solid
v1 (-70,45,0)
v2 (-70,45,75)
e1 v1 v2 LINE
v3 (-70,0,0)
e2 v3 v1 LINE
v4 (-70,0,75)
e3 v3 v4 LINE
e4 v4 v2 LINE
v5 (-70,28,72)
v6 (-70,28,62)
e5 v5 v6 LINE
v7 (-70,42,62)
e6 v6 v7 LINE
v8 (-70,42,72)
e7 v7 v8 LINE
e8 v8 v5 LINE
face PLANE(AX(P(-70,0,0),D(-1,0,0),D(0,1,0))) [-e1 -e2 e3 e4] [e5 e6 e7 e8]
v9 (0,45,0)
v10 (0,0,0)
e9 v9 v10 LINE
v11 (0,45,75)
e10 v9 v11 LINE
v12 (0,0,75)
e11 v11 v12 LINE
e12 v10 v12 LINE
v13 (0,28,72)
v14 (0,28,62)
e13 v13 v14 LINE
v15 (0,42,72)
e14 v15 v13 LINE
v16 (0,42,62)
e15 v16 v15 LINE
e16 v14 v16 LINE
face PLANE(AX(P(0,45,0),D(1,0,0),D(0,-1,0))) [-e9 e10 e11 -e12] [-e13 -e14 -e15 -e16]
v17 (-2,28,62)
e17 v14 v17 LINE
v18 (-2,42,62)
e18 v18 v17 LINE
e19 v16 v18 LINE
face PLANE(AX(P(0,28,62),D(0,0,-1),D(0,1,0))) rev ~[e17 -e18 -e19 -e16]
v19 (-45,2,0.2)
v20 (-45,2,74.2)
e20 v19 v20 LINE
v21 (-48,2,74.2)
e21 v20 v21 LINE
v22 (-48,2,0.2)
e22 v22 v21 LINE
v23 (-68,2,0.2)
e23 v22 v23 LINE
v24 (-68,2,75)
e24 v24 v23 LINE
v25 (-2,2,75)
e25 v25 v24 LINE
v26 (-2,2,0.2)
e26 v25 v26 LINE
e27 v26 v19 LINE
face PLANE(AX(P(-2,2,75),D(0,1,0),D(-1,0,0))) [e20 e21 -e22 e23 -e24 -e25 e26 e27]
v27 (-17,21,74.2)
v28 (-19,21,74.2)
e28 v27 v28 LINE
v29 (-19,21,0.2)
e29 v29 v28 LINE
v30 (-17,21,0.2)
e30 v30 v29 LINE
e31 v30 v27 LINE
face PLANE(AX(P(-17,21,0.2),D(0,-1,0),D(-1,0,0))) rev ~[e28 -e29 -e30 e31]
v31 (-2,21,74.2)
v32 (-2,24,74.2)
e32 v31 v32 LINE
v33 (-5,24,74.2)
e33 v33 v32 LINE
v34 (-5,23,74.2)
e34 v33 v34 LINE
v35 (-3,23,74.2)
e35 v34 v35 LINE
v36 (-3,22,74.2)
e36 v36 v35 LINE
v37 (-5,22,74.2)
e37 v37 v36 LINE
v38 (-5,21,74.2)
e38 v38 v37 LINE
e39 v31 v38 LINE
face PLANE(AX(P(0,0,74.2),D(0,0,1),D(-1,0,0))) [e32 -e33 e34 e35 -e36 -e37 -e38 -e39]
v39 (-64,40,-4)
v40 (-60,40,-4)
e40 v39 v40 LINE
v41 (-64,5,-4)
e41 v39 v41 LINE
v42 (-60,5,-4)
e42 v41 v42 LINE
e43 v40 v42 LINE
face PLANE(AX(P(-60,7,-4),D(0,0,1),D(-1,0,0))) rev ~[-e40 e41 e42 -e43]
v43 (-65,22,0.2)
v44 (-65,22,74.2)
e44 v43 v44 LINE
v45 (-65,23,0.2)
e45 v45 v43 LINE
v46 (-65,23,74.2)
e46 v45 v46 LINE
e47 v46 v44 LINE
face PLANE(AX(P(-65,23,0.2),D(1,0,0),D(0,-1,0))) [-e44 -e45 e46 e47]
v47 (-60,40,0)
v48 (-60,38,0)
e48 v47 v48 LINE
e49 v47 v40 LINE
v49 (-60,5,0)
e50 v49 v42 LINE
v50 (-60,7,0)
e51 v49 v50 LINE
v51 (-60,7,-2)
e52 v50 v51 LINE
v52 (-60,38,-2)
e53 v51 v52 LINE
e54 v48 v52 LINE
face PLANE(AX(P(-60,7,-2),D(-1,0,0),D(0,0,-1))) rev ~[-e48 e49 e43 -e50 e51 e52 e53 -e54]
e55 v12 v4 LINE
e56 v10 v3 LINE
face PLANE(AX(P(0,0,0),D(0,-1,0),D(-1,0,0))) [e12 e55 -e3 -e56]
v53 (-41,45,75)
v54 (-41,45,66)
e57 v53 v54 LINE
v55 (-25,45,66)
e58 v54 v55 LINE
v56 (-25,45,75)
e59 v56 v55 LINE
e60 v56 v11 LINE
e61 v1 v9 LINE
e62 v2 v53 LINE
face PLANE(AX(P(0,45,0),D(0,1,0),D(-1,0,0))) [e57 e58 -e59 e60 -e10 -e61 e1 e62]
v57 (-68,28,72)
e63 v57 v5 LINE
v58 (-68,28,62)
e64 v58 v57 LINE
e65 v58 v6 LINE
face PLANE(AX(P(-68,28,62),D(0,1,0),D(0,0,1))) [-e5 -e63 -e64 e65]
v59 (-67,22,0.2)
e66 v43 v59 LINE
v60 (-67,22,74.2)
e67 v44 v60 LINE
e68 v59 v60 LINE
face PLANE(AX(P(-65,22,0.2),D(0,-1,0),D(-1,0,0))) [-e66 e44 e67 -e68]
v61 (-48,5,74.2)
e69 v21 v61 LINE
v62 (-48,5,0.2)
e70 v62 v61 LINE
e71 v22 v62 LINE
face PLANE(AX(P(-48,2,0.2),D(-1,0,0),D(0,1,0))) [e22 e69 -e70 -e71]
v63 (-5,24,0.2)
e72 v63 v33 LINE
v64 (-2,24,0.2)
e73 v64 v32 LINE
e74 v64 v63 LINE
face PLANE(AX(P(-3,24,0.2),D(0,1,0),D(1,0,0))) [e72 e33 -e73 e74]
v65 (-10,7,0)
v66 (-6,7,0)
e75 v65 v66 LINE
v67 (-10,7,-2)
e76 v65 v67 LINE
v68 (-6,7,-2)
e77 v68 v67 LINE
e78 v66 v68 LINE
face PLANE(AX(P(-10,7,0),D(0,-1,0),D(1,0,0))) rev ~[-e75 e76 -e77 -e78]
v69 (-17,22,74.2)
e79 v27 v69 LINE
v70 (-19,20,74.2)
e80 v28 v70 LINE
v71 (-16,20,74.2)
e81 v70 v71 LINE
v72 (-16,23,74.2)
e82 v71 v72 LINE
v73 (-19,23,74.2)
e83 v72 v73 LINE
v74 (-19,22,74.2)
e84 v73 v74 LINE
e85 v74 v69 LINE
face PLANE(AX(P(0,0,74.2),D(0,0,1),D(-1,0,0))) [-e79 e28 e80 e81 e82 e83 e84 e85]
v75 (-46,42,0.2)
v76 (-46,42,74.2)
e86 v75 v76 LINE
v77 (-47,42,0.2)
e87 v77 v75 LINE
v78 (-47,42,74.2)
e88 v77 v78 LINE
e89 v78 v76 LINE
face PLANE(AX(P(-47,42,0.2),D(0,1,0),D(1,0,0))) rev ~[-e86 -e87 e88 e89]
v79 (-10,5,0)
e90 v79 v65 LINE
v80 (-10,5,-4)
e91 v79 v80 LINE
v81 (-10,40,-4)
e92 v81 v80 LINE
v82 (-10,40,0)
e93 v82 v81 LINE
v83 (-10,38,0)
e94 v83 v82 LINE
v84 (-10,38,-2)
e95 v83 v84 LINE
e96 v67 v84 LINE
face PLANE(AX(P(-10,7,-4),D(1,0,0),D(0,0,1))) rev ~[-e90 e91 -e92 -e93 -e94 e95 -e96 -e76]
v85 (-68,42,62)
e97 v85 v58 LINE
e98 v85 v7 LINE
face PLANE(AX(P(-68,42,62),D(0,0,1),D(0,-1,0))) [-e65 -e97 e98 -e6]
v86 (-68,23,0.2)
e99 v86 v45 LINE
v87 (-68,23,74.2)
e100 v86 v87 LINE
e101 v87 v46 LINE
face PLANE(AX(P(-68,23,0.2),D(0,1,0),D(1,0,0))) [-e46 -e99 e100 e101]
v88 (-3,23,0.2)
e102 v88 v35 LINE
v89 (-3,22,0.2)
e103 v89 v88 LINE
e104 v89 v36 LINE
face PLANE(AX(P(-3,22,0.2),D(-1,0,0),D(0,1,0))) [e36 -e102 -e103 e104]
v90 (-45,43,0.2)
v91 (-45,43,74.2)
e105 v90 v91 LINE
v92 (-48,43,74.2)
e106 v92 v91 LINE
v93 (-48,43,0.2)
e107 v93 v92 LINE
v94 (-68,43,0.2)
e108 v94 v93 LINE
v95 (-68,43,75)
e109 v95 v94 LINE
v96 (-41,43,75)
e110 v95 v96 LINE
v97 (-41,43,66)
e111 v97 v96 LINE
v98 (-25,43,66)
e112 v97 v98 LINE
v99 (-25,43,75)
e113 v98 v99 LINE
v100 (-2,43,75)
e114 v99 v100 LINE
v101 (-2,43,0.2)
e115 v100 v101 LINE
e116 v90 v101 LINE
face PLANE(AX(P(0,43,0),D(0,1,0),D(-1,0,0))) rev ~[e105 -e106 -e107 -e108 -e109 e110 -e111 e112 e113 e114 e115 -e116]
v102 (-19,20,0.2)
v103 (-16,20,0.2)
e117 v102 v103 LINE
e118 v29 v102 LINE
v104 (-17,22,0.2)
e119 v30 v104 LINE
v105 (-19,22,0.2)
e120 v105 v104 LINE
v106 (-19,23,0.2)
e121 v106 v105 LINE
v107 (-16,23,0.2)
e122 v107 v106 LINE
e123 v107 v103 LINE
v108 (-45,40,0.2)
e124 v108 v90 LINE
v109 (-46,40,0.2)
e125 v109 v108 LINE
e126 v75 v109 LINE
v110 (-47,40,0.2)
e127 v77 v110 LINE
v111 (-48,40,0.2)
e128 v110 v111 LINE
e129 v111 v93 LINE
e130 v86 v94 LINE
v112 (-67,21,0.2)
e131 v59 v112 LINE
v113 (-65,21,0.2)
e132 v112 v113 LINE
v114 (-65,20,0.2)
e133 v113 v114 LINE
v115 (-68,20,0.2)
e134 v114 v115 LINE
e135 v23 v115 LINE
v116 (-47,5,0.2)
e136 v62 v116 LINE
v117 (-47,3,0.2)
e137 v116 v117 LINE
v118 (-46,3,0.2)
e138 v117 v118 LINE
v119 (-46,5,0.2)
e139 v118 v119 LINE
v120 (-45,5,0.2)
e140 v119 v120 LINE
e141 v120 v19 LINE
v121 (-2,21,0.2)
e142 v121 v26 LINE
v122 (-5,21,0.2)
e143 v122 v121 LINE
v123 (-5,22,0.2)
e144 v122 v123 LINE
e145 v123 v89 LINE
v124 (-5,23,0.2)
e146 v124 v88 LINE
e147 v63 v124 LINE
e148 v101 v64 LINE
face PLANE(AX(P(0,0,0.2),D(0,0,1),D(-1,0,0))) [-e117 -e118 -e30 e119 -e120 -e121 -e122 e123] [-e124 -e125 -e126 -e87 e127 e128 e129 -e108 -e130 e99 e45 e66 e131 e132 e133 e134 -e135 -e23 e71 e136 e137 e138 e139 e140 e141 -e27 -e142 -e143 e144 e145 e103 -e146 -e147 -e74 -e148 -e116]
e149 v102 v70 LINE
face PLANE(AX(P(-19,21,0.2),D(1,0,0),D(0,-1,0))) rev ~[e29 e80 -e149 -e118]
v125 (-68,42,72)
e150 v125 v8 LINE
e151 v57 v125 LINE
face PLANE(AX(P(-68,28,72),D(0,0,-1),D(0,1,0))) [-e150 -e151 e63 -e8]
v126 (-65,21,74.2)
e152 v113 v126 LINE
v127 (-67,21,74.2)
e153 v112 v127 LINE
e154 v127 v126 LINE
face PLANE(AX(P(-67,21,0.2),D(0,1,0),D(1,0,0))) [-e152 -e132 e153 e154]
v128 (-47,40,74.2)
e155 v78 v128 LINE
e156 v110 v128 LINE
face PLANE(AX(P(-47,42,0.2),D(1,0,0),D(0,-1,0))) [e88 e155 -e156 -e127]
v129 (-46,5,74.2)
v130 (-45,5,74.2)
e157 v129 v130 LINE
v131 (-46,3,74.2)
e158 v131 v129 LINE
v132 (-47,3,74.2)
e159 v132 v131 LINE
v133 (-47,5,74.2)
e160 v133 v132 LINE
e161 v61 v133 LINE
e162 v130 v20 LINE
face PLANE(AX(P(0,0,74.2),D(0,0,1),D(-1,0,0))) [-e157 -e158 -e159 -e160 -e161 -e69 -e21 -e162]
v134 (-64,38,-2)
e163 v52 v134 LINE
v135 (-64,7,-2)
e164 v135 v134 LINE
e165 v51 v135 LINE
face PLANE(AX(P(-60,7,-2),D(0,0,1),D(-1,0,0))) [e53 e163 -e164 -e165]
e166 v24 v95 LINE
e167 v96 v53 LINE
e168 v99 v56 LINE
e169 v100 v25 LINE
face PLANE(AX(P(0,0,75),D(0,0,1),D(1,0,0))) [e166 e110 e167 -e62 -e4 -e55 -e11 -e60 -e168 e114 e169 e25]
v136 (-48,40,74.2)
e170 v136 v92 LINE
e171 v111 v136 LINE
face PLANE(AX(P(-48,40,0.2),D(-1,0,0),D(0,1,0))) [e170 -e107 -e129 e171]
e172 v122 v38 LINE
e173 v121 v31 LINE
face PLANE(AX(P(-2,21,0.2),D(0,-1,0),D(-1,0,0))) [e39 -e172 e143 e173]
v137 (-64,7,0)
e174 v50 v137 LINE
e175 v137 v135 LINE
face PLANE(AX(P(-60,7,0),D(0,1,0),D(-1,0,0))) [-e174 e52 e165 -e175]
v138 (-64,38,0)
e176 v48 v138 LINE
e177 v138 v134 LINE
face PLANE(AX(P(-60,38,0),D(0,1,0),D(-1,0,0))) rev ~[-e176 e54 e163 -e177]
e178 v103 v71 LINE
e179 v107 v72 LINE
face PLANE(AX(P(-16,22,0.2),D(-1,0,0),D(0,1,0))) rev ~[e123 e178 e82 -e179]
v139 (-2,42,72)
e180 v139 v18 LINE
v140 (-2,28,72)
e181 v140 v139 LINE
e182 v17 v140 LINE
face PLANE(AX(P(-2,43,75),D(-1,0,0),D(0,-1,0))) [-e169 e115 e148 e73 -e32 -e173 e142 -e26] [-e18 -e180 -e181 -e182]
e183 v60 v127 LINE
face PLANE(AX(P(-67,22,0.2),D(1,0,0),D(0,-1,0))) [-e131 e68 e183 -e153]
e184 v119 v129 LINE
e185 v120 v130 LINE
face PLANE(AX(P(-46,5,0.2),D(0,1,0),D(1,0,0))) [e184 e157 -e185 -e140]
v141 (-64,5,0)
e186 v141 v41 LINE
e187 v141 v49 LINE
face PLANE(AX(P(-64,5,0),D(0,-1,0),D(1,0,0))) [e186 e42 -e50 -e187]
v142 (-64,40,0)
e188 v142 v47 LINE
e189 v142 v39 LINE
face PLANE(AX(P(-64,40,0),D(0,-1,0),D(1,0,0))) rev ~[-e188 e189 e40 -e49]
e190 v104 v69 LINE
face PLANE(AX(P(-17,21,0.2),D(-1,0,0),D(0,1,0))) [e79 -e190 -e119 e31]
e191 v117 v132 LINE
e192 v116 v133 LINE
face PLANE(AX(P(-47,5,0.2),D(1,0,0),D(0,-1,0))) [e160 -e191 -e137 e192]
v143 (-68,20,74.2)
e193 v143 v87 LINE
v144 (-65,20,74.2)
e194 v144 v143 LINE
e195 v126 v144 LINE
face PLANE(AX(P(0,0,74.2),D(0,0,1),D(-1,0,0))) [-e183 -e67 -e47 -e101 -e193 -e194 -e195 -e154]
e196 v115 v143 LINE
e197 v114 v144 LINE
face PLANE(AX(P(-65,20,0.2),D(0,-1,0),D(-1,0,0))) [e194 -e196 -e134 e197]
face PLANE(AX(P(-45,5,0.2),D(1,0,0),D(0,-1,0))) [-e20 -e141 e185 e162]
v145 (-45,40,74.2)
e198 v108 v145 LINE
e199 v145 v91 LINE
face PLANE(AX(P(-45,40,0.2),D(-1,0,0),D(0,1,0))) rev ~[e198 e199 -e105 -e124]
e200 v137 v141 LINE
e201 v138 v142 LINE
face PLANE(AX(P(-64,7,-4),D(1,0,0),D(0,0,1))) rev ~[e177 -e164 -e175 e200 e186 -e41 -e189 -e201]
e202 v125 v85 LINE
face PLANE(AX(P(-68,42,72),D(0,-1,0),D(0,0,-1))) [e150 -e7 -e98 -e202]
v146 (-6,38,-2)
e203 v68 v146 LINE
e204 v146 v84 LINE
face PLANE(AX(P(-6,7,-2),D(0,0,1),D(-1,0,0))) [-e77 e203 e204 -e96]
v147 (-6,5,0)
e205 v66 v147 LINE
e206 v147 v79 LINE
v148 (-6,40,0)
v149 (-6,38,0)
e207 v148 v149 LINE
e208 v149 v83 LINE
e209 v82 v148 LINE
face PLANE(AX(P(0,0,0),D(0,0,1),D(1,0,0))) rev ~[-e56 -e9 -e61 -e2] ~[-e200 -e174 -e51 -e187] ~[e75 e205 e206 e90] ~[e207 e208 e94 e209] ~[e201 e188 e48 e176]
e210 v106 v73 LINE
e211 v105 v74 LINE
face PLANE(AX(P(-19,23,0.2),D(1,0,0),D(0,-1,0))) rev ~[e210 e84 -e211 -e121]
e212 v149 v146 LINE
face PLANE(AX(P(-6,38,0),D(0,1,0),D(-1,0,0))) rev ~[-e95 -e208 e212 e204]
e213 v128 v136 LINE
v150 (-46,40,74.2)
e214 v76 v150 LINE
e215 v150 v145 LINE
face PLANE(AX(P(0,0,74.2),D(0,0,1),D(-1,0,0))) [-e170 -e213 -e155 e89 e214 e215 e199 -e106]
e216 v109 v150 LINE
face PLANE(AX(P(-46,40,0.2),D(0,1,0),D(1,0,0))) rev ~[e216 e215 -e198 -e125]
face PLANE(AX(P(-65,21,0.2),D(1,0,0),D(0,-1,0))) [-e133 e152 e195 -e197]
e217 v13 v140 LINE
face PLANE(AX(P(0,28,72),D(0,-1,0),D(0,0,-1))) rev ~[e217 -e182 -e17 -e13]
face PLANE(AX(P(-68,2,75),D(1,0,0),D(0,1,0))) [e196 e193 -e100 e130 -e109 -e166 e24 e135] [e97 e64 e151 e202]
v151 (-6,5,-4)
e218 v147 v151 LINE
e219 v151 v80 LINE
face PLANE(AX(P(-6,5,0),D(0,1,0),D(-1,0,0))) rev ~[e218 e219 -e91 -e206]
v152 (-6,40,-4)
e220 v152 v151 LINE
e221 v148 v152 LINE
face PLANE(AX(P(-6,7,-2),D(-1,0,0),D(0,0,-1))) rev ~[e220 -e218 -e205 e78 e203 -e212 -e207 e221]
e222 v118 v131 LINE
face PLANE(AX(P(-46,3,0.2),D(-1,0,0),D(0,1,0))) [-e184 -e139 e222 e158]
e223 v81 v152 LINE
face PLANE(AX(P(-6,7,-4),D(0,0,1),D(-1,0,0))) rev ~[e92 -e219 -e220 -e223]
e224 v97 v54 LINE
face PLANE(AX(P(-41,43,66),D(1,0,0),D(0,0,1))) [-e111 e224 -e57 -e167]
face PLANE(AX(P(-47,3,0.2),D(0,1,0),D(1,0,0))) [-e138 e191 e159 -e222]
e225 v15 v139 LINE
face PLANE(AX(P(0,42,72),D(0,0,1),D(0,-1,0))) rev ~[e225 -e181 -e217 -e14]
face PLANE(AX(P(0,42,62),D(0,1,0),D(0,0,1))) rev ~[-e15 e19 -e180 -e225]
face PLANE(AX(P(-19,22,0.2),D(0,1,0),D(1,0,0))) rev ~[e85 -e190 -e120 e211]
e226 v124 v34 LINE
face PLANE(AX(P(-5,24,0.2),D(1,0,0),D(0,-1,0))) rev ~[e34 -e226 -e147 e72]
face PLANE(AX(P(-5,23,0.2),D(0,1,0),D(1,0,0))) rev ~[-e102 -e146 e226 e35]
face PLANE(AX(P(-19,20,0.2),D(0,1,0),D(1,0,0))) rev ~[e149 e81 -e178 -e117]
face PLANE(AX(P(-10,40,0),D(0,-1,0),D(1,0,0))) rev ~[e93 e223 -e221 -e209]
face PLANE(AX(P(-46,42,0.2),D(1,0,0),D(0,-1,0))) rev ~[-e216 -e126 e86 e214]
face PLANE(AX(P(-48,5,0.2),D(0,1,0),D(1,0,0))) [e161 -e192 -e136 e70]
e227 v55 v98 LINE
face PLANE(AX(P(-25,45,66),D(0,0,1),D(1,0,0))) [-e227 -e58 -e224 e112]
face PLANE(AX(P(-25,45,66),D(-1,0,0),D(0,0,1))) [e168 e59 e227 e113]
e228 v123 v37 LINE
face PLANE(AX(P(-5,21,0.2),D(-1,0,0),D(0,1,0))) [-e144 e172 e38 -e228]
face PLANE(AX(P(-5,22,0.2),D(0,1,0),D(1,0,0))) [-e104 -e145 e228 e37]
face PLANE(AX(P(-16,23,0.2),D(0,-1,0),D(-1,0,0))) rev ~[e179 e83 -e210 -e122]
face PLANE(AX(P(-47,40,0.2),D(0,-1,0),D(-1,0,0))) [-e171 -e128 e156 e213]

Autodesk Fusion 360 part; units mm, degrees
sketch "Sketch1" plane through (0, 0, 0) normal (0, 0, 1) x (1, 0, 0)
  line L0 (0, 0) -> (-70, 0)
  line L1 (-70, 0) -> (-70, 45)
  line L2 (-70, 45) -> (0, 45)
  line L3 (0, 45) -> (0, 0)
extrude "Extrude1" add sketch "Sketch1" along normal blind 75
sketch "Sketch2" plane through (0, 0, 75) normal (0, 0, 1) x (-1, 0, 0)
  line L0 (0, -45) -> (70, -45)
  line L1 (70, -45) -> (70, 0)
  line L2 (70, 0) -> (0, 0)
  line L3 (0, 0) -> (0, -45)
  line L4 (68, -43) -> (2, -43)
  line L5 (2, -43) -> (2, -2)
  line L6 (2, -2) -> (68, -2)
  line L7 (68, -2) -> (68, -43)
extrude "Extrude2" cut sketch "Sketch2" against normal blind 74.8 contours L4 L5 L6 L7
sketch "Sketch3" plane through (0, 0, 0.2) normal (0, 0, 1) x (-1, 0, 0)
  line L0 (68, -2) -> (2, -2)
  line L1 (2, -2) -> (2, -43)
  line L2 (2, -43) -> (68, -43)
  line L3 (68, -43) -> (68, -2)
  line L4 (68, -21) -> (65, -21)
  line L5 (65, -21) -> (65, -20)
  line L6 (65, -20) -> (68, -20)
  line L7 (68, -20) -> (68, -21)
  line L8 (67, -21) -> (68, -21)
  line L9 (68, -21) -> (68, -22)
  line L10 (68, -22) -> (67, -22)
  line L11 (67, -22) -> (67, -21)
  line L12 (68, -23) -> (65, -23)
  line L13 (65, -23) -> (65, -22)
  line L14 (65, -22) -> (68, -22)
  line L15 (68, -22) -> (68, -23)
  line L16 (19, -22) -> (16, -22)
  line L17 (16, -22) -> (16, -23)
  line L18 (16, -23) -> (19, -23)
  line L19 (19, -23) -> (19, -22)
  line L20 (17, -22) -> (16, -22)
  line L21 (16, -22) -> (16, -21)
  line L22 (16, -21) -> (17, -21)
  line L23 (17, -21) -> (17, -22)
  line L24 (16, -21) -> (19, -21)
  line L25 (19, -21) -> (19, -20)
  line L26 (19, -20) -> (16, -20)
  line L27 (16, -20) -> (16, -21)
extrude "Extrude3" add sketch "Sketch3" along normal blind 74 contours L3 L4 L5 L6 L7 L8 | L3 L4 L8 L9 L10 L11 L14 | L3 L10 L12 L13 L14 L15 | L16 L17 L18 L19 L20 | L16 L20 L21 L22 L23 L24 | L22 L24 L25 L26 L27
sketch "Sketch4" plane through (-68, 0, 0) normal (1, 0, 0) x (0, 1, 0)
  line L0 (23, 74.2) -> (23, 0.2)
  line L1 (23, 0.2) -> (43, 0.2)
  line L2 (43, 0.2) -> (43, 75)
  line L3 (43, 75) -> (2, 75)
  line L4 (2, 75) -> (2, 0.2)
  line L5 (2, 0.2) -> (20, 0.2)
  line L6 (20, 0.2) -> (20, 74.2)
  line L7 (20, 74.2) -> (23, 74.2)
  line L8 (28, 72) -> (42, 72)
  line L9 (42, 72) -> (42, 62)
  line L10 (42, 62) -> (28, 62)
  line L11 (28, 62) -> (28, 72)
extrude "Extrude4" cut sketch "Sketch4" against normal blind 8 contours L8 L9 L10 L11
sketch "Sketch5" plane through (0, 0, 0) normal (1, 0, 0) x (0, 1, 0)
  line L0 (0, 0) -> (45, 0)
  line L1 (45, 0) -> (45, 75)
  line L2 (45, 75) -> (0, 75)
  line L3 (0, 75) -> (0, 0)
  line L4 (42, 72) -> (28, 72)
  line L5 (28, 72) -> (28, 62)
  line L6 (28, 62) -> (42, 62)
  line L7 (42, 62) -> (42, 72)
extrude "Extrude5" cut sketch "Sketch5" against normal blind 9 contours L4 L5 L6 L7
sketch "Sketch6" plane through (0, 43, 0) normal (0, -1, 0) x (1, 0, 0)
  line L0 (-2, 75) -> (-68, 75)
  line L1 (-68, 75) -> (-68, 0.2)
  line L2 (-68, 0.2) -> (-2, 0.2)
  line L3 (-2, 0.2) -> (-2, 75)
  line L4 (-41, 75) -> (-25, 75)
  line L5 (-25, 75) -> (-25, 66)
  line L6 (-25, 66) -> (-41, 66)
  line L7 (-41, 66) -> (-41, 75)
extrude "Extrude6" cut sketch "Sketch6" against normal blind 8 contours L0 L4 L5 L6 L7
sketch "Sketch7" plane through (0, 0, 0) normal (0, 0, -1) x (1, 0, 0)
  line L0 (-70, -45) -> (0, -45)
  line L1 (0, -45) -> (0, 0)
  line L2 (0, 0) -> (-70, 0)
  line L3 (-70, 0) -> (-70, -45)
  line L4 (-64, -5) -> (-60, -5)
  line L5 (-60, -5) -> (-60, -7)
  line L6 (-60, -7) -> (-64, -7)
  line L7 (-64, -7) -> (-64, -5)
  line L8 (-64, -40) -> (-60, -40)
  line L9 (-60, -40) -> (-60, -38)
  line L10 (-60, -38) -> (-64, -38)
  line L11 (-64, -38) -> (-64, -40)
  line L12 (-6, -5) -> (-10, -5)
  line L13 (-10, -5) -> (-10, -7)
  line L14 (-10, -7) -> (-6, -7)
  line L15 (-6, -7) -> (-6, -5)
  line L16 (-6, -38) -> (-10, -38)
  line L17 (-10, -38) -> (-10, -40)
  line L18 (-10, -40) -> (-6, -40)
  line L19 (-6, -40) -> (-6, -38)
extrude "Extrude7" add sketch "Sketch7" along normal blind 4 contours L4 L5 L6 L7 | L8 L9 L10 L11 | L12 L13 L14 L15 | L16 L17 L18 L19
sketch "Sketch8" plane through (0, 7, 0) normal (0, 1, 0) x (-1, 0, 0)
  line L0 (64, 0) -> (60, 0)
  line L1 (60, 0) -> (60, -4)
  line L2 (60, -4) -> (64, -4)
  line L3 (64, -4) -> (64, 0)
  line L4 (64, -4) -> (60, -4)
  line L5 (60, -4) -> (60, -2)
  line L6 (60, -2) -> (64, -2)
  line L7 (64, -2) -> (64, -4)
extrude "Extrude8" add sketch "Sketch8" along normal blind 31 contours L1 L2 L3 L4 L5 L6 L7
sketch "Sketch9" plane through (0, 7, 0) normal (0, 1, 0) x (-1, 0, 0)
  line L0 (10, 0) -> (6, 0)
  line L1 (6, 0) -> (6, -4)
  line L2 (6, -4) -> (10, -4)
  line L3 (10, -4) -> (10, 0)
  line L4 (10, -4) -> (6, -4)
  line L5 (6, -4) -> (6, -2)
  line L6 (6, -2) -> (10, -2)
  line L7 (10, -2) -> (10, -4)
extrude "Extrude9" add sketch "Sketch9" along normal blind 31 contours L1 L2 L3 L4 L5 L6 L7
sketch "Sketch10" plane through (0, 0, 0.2) normal (0, 0, 1) x (-1, 0, 0)
  line L0 (68, -23) -> (65, -23)
  line L1 (65, -23) -> (65, -22)
  line L2 (65, -22) -> (67, -22)
  line L3 (67, -22) -> (67, -21)
  line L4 (67, -21) -> (65, -21)
  line L5 (65, -21) -> (65, -20)
  line L6 (65, -20) -> (68, -20)
  line L7 (68, -20) -> (68, -2)
  line L8 (68, -2) -> (2, -2)
  line L9 (2, -2) -> (2, -43)
  line L10 (2, -43) -> (68, -43)
  line L11 (68, -43) -> (68, -23)
  line L12 (17, -21) -> (17, -22)
  line L13 (17, -22) -> (19, -22)
  line L14 (19, -22) -> (19, -23)
  line L15 (19, -23) -> (16, -23)
  line L16 (16, -23) -> (16, -20)
  line L17 (16, -20) -> (19, -20)
  line L18 (19, -20) -> (19, -21)
  line L19 (19, -21) -> (17, -21)
  line L20 (2, -21) -> (3, -21)
  line L21 (3, -21) -> (3, -24)
  line L22 (3, -24) -> (2, -24)
  line L23 (2, -24) -> (2, -21)
  line L24 (3, -24) -> (5, -24)
  line L25 (5, -24) -> (5, -23)
  line L26 (5, -23) -> (3, -23)
  line L27 (3, -23) -> (3, -24)
  line L28 (3, -21) -> (5, -21)
  line L29 (5, -21) -> (5, -22)
  line L30 (5, -22) -> (3, -22)
  line L31 (3, -22) -> (3, -21)
  line L32 (45, -43) -> (46, -43)
  line L33 (46, -43) -> (46, -40)
  line L34 (46, -40) -> (45, -40)
  line L35 (45, -40) -> (45, -43)
  line L36 (46, -43) -> (47, -43)
  line L37 (47, -43) -> (47, -42)
  line L38 (47, -42) -> (46, -42)
  line L39 (46, -42) -> (46, -43)
  line L40 (48, -43) -> (47, -43)
  line L41 (47, -43) -> (47, -40)
  line L42 (47, -40) -> (48, -40)
  line L43 (48, -40) -> (48, -43)
  line L44 (45, -2) -> (46, -2)
  line L45 (46, -2) -> (46, -5)
  line L46 (46, -5) -> (45, -5)
  line L47 (45, -5) -> (45, -2)
  line L48 (46, -2) -> (47, -2)
  line L49 (47, -2) -> (47, -3)
  line L50 (47, -3) -> (46, -3)
  line L51 (46, -3) -> (46, -2)
  line L52 (47, -2) -> (48, -2)
  line L53 (48, -2) -> (48, -5)
  line L54 (48, -5) -> (47, -5)
  line L55 (47, -5) -> (47, -2)
extrude "Extrude10" add sketch "Sketch10" along normal blind 74 contours L10 L37 L40 L41 L42 L43 | L10 L33 L36 L37 L38 L39 L41 | L10 L32 L33 L34 L35 L39 | L9 L20 L21 L22 L23 L27 L31 | L21 L24 L25 L26 L27 | L8 L49 L52 L53 L54 L55 | L21 L28 L29 L30 L31 | L8 L45 L48 L49 L50 L51 L55 | L8 L44 L45 L46 L47 L51
sketch "Sketch11" plane through (0, 45, 0) normal (0, 1, 0) x (-1, 0, 0)
  line L0 (25, 66) -> (25, 75)
  line L1 (41, 75) -> (41, 66)
  line L2 (41, 66) -> (25, 66)
  line L3 (0, 0) -> (70, 0)
  line L4 (70, 0) -> (70, 75)
  line L5 (25, 75) -> (0, 75)
  line L6 (0, 75) -> (0, 0)
  line L7 (25, 66) -> (21, 66)
  line L8 (21, 66) -> (21, 72)
  line L9 (21, 72) -> (25, 72)
  line L10 (25, 72) -> (25, 66)
  line L11 (70, 75) -> (41, 75)
extrude "Extrude11" cut sketch "Sketch11" against normal blind 4 contours L0 L7 L8 L9 L10
extrude "Extrude12" add sketch "Sketch11" against normal blind 2 contours L0 L7 L8 L9 L10
